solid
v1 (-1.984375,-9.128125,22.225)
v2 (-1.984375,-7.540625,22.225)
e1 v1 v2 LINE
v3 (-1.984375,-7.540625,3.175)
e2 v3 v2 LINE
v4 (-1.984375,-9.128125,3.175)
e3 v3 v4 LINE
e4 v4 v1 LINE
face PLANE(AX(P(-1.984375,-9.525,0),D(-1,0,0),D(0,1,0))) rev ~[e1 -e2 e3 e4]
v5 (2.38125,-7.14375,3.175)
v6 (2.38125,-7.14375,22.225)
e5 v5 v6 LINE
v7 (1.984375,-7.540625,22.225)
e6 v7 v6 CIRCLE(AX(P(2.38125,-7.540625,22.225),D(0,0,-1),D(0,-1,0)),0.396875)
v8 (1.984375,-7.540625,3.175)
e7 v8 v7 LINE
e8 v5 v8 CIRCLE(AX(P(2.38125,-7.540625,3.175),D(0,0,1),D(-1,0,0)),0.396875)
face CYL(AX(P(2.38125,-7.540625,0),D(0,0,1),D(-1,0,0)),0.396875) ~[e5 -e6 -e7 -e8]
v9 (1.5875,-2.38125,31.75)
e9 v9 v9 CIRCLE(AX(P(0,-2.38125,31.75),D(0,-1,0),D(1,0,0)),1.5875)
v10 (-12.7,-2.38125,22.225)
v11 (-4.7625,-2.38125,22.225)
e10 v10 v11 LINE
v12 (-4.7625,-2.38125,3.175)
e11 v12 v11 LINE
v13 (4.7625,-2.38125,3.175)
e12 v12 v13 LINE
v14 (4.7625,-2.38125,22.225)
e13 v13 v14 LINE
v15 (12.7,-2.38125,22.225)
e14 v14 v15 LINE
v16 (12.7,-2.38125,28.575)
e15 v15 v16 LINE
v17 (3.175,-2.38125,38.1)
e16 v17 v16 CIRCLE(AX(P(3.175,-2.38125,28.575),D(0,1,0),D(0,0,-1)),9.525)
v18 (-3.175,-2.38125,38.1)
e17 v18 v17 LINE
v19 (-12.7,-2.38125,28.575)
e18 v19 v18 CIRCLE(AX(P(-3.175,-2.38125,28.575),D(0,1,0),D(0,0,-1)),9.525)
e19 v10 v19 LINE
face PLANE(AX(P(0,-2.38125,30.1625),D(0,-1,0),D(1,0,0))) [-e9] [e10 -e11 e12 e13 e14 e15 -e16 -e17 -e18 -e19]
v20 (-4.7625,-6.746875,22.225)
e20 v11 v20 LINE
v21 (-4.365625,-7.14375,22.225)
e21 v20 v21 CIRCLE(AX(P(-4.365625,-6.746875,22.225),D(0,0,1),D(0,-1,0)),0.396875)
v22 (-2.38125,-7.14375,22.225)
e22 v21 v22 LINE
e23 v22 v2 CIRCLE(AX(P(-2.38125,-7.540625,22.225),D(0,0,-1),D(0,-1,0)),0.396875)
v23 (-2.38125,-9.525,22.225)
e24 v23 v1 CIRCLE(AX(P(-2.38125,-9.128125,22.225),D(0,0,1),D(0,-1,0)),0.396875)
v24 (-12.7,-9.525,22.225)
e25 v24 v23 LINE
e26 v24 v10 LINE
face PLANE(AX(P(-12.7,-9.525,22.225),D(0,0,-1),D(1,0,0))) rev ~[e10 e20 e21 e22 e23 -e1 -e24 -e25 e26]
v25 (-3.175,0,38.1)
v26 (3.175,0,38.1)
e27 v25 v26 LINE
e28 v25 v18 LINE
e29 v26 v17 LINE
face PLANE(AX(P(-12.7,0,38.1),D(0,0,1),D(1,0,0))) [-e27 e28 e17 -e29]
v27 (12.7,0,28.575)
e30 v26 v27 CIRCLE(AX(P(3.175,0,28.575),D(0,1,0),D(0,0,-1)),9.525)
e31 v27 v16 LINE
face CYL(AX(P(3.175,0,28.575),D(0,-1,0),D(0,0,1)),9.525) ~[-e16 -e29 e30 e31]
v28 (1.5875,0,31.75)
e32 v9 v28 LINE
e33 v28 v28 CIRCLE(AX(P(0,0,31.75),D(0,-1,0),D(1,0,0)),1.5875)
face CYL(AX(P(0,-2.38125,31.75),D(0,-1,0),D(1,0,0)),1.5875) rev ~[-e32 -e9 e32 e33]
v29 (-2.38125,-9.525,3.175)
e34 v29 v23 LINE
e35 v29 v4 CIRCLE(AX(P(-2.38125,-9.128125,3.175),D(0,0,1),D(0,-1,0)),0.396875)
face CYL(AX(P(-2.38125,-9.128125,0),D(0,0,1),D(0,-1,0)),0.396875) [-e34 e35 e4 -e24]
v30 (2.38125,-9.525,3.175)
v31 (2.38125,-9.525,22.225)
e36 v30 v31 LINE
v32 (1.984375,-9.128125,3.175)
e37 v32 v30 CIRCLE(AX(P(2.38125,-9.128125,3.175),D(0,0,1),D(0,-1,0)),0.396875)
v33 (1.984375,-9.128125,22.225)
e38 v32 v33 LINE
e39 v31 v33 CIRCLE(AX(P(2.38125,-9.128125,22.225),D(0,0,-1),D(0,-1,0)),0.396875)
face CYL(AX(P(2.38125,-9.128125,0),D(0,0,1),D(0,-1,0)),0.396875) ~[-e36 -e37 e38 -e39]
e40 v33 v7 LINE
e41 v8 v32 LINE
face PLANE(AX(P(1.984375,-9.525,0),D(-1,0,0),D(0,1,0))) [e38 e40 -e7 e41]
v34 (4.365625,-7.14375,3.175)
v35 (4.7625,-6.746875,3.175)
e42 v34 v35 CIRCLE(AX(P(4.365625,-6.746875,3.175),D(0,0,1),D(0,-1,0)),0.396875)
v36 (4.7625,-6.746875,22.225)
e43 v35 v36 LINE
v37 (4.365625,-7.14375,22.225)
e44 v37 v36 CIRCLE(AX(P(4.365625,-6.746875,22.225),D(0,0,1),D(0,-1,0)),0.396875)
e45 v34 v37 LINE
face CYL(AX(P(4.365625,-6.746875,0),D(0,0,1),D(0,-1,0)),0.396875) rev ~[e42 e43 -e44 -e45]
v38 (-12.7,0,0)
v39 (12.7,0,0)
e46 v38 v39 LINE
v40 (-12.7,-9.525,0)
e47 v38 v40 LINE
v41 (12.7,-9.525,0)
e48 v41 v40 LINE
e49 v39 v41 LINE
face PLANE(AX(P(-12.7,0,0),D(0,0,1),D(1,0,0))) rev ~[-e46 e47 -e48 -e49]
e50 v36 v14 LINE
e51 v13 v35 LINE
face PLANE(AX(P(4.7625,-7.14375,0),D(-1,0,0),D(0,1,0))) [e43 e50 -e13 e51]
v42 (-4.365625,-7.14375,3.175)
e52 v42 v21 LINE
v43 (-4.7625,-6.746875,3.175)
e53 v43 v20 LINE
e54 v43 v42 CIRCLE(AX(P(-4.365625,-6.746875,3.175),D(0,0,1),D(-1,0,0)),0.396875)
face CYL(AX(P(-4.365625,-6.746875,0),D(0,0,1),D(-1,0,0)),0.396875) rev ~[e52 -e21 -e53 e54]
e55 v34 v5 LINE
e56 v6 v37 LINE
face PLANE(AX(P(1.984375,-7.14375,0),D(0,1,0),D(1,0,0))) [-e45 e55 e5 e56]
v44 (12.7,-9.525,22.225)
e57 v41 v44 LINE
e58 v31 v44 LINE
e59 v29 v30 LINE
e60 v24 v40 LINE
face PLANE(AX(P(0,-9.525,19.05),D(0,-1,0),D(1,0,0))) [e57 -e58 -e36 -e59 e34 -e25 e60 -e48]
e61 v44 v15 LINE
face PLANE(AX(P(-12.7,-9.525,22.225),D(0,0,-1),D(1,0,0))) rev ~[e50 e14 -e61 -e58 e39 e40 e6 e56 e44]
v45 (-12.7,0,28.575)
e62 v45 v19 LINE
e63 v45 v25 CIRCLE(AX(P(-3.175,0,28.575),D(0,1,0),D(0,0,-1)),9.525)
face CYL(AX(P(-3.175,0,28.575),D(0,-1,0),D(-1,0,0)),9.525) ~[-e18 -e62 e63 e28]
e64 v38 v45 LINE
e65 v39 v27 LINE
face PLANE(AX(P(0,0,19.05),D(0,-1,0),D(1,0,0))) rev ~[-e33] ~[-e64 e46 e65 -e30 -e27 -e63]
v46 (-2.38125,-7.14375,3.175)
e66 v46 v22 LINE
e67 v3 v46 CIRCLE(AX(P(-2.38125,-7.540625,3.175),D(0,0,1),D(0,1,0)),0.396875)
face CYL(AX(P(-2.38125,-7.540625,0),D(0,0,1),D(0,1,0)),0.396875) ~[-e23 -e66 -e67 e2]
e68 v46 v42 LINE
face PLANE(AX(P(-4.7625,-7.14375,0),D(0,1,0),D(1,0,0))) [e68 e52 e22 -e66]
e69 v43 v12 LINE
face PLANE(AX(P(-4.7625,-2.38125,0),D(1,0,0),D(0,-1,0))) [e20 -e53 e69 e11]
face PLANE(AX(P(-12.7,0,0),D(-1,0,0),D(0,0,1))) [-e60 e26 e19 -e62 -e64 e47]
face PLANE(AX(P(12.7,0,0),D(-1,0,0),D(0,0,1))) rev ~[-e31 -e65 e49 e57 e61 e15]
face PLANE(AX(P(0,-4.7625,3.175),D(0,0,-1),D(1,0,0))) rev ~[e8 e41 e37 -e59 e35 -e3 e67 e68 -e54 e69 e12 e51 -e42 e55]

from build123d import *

# Parameters (mm, degrees)
F0_W      = 25.4
F0_H      = 38.1
F1_DEPTH  = 9.525
F2_W      = 3.96875
F2_H      = 2.38125
F3_DEPTH  = 22.225
F4_W      = 25.4
F4_H      = 15.875
F5_DEPTH  = 7.14375
F6_R      = 9.525
F7_R      = 0.396875
F8_W      = 25.4
F8_H      = 9.525
F9_DEPTH  = 3.175
F10_R     = 1.5875
F11_DEPTH = 2.38225


with BuildPart() as f1:
    # F0 (on Front) → F1 (new body)
    with BuildSketch(Plane.XZ):
        with Locations((0, 19.05)):
            Rectangle(F0_W, F0_H)
    extrude(amount=F1_DEPTH)

    # F2 (on Top) → F3 (cut)
    with BuildSketch(Plane.XY):
        Polygon((4.7625, -2.38125), (-4.7625, -2.38125), (-4.7625, -7.14375), (-1.984375, -7.14375), (1.984375, -7.14375), (4.7625, -7.14375), align=None)
        with Locations((0, -8.334375)):
            Rectangle(F2_W, F2_H)
    extrude(amount=F3_DEPTH, mode=Mode.SUBTRACT)

    # F4 (on face) → F5 (cut)
    with BuildSketch(Plane.XZ.offset(9.525)):
        with Locations((0, 30.1625)):
            Rectangle(F4_W, F4_H)
    extrude(amount=-F5_DEPTH, mode=Mode.SUBTRACT)

    # F6
    f6_edges = [f1.edges().sort_by_distance(p)[0] for p in [
        (12.7, -1.190625, 38.1),
        (-12.7, -1.190625, 38.1),
    ]]
    fillet(f6_edges, radius=F6_R)

    # F7
    f7_edges = [f1.edges().sort_by_distance(p)[0] for p in [
        (-4.7625, -7.14375, 11.1125),
        (4.7625, -7.14375, 11.1125),
        (1.984375, -7.14375, 11.1125),
        (1.984375, -9.525, 11.1125),
        (-1.984375, -7.14375, 11.1125),
        (-1.984375, -9.525, 11.1125),
    ]]
    fillet(f7_edges, radius=F7_R)

    # F8 (on face) → F9 (join)
    with BuildSketch(Plane(origin=(0, 0, 0), x_dir=(1, 0, 0), z_dir=(0, 0, -1))):
        with Locations((0, 4.7625)):
            Rectangle(F8_W, F8_H)
    extrude(amount=-F9_DEPTH)

    # F10 (on face) → F11 (cut, through all)
    with BuildSketch(Plane.XZ.offset(2.38125)):
        with Locations((0, 31.75)):
            Circle(F10_R)
    extrude(amount=-F11_DEPTH, mode=Mode.SUBTRACT)


solid = f1.part
